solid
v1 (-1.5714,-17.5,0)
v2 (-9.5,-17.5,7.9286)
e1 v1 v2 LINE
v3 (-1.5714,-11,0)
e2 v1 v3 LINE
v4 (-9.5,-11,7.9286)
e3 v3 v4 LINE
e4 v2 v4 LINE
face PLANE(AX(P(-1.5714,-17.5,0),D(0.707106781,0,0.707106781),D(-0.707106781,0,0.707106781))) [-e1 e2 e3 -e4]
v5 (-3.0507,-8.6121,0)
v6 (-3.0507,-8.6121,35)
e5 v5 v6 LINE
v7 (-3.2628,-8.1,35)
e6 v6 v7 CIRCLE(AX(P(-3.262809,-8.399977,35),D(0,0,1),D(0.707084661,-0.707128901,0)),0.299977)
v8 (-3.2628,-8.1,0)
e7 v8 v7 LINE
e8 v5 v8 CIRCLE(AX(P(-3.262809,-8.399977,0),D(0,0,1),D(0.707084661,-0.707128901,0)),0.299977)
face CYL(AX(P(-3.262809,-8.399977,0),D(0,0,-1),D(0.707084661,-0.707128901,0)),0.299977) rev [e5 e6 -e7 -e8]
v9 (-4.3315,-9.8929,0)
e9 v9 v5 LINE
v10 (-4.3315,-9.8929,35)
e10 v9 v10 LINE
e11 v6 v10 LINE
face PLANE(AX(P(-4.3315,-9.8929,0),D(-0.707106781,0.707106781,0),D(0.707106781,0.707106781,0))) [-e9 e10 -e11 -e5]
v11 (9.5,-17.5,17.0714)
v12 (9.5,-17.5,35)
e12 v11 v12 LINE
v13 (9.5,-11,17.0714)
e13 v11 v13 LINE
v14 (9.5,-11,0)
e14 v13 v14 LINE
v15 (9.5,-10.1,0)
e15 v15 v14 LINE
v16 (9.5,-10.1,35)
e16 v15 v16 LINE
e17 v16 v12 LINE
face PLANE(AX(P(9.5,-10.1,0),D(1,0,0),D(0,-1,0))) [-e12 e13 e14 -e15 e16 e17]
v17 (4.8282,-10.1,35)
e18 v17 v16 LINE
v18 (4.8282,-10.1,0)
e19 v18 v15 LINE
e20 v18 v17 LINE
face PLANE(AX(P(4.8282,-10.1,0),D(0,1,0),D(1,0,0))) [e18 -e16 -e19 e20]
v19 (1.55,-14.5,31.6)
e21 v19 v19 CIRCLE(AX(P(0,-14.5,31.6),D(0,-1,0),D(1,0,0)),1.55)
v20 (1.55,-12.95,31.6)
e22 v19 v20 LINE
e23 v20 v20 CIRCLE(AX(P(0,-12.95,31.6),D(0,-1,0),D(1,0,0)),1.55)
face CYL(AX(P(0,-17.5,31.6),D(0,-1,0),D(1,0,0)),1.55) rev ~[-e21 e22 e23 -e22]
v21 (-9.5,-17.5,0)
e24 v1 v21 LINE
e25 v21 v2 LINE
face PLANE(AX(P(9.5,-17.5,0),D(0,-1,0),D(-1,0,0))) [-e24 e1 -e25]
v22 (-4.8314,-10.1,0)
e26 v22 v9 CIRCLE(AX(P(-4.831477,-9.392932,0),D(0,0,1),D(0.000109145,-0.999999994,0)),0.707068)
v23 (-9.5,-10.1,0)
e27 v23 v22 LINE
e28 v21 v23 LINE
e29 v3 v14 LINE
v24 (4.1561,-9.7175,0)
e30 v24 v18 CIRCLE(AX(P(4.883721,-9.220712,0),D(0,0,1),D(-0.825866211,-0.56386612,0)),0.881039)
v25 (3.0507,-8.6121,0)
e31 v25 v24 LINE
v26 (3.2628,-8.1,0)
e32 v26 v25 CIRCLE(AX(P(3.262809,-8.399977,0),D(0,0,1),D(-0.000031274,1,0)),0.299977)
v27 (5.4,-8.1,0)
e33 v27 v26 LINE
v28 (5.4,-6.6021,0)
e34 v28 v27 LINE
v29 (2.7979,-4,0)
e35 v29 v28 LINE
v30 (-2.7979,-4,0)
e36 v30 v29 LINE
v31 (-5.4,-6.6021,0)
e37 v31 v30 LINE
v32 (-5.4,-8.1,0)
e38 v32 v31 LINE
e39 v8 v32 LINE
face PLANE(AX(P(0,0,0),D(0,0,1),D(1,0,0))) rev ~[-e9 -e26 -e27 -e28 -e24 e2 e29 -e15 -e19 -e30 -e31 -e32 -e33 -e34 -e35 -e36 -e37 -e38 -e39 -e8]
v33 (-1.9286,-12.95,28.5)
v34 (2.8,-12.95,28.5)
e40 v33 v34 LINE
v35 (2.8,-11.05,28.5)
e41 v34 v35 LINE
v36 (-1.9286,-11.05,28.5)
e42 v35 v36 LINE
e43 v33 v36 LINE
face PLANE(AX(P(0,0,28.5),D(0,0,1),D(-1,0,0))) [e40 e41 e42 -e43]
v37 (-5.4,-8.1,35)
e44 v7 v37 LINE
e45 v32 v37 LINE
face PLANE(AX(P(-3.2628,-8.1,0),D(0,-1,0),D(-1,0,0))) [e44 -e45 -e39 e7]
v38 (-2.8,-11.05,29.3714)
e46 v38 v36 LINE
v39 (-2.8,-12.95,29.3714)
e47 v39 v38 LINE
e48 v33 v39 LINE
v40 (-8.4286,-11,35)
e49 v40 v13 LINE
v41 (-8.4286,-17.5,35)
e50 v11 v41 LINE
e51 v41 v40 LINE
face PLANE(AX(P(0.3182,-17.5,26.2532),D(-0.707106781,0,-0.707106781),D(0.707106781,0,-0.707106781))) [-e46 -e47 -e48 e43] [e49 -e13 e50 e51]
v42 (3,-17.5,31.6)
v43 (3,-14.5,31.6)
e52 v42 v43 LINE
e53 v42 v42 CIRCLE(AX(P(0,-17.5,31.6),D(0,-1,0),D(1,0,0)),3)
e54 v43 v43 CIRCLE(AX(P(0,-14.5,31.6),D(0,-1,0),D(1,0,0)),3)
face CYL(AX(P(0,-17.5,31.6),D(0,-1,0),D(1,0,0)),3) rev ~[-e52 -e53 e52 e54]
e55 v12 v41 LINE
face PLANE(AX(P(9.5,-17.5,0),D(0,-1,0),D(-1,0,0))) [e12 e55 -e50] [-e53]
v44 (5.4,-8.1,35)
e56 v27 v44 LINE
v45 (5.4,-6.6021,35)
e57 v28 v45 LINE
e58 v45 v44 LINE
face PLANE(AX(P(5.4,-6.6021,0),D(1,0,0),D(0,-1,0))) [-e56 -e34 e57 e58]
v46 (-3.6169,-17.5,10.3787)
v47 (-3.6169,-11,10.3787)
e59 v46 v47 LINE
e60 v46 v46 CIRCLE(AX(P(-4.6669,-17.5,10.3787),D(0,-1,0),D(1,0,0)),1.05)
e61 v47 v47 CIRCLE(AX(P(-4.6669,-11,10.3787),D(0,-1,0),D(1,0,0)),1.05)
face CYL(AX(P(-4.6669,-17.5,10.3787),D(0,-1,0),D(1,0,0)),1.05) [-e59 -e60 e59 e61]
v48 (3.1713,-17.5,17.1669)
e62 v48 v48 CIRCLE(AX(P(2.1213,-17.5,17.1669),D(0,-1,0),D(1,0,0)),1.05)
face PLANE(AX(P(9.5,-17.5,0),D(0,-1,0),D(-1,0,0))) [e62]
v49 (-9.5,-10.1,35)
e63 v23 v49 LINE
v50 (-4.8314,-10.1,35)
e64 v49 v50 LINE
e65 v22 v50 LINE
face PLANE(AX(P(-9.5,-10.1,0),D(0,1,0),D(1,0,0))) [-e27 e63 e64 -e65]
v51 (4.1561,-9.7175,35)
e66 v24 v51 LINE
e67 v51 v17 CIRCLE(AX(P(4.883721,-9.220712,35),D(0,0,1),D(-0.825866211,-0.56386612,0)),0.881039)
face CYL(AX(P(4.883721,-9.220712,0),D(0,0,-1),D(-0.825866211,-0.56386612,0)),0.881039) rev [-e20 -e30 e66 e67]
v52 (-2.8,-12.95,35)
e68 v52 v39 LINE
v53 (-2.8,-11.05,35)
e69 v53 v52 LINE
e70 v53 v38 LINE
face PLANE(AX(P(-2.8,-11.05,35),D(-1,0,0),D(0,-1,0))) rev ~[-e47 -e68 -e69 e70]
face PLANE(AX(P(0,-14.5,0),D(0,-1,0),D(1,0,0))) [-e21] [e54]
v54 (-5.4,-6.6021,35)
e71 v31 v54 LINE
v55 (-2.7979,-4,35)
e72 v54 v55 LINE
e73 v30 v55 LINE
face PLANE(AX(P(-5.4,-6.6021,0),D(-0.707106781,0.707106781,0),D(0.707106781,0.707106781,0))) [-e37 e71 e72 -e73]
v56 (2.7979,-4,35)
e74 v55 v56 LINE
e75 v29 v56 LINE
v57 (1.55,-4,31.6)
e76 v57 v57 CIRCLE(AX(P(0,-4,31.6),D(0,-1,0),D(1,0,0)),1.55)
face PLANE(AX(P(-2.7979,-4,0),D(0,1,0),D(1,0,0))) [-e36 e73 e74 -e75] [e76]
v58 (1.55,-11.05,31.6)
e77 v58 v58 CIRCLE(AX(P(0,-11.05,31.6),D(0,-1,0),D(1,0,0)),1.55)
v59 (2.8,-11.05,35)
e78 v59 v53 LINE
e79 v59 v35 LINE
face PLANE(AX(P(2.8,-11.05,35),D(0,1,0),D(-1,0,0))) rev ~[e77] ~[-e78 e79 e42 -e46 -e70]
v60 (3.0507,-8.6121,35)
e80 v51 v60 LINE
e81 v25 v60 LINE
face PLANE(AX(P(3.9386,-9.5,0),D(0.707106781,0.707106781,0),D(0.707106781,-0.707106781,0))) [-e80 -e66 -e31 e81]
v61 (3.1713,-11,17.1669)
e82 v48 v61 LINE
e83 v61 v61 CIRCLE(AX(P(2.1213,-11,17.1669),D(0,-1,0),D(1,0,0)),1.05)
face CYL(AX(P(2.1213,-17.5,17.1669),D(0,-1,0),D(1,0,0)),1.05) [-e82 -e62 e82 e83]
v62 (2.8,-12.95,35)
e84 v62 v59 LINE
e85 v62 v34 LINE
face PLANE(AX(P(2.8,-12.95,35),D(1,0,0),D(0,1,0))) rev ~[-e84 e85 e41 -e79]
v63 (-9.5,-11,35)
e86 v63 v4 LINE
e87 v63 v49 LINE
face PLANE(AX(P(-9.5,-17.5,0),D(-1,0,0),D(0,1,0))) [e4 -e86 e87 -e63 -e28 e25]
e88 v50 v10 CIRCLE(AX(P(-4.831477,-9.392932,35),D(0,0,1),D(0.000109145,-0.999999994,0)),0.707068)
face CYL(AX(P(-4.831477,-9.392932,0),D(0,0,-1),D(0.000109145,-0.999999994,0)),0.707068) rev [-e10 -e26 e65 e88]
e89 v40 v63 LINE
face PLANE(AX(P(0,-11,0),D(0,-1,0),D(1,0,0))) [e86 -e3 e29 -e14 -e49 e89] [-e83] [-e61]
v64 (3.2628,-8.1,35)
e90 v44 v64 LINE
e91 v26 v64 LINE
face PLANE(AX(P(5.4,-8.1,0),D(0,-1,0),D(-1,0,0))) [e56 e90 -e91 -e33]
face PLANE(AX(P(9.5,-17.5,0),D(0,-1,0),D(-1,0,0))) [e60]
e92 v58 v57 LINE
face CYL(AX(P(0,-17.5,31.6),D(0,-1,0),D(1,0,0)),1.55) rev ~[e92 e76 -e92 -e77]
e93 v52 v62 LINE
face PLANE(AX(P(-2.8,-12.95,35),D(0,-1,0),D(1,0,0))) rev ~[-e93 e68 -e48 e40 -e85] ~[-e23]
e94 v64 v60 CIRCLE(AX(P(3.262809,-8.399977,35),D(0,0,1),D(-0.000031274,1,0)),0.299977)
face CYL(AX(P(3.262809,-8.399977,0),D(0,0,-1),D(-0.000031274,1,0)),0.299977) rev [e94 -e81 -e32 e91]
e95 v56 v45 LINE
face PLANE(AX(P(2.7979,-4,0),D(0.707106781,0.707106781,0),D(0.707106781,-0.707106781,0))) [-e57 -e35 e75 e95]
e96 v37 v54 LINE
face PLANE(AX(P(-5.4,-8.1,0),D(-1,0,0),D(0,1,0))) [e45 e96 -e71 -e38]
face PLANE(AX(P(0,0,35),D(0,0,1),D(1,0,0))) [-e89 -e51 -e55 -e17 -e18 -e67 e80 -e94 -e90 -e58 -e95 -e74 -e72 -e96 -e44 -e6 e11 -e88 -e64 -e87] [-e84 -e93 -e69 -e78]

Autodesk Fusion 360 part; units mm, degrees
sketch "Sketch1" plane through (0, 0, 0) normal (0, 0, 1) x (1, 0, 0)
  line L0 (10, 4.8314) -> (10, 9.5)
  line L1 (-4.4022, -9.8222) -> (-3.1214, -8.5414)
  arc A0 (3.2628, -8.2) -> (3.1214, -8.5414) centre (3.2628, -8.4) ccw
  line L2 (-5.5, 6.5607) -> (-5.5, 8.2)
  line L3 (-5.5, -6.5607) -> (-2.8393, -3.9)
  line L4 (-4.8314, 10) -> (-9.5, 10)
  line L5 (2.8393, 3.9) -> (-2.8393, 3.9)
  arc A1 (-10, -9.5) -> (-9.5, -10) centre (-9.5, -9.5) ccw
  line L6 (9.5, 10) -> (4.8314, 10)
  arc A2 (-3.2628, 8.2) -> (-3.1214, 8.5414) centre (-3.2628, 8.4) ccw
  line L7 (-8.2, 3.2628) -> (-8.2, 5.5)
  line L8 (2.8393, -3.9) -> (5.5, -6.5607)
  line L9 (-10, 9.5) -> (-10, 4.9)
  arc A3 (9.5, -10) -> (10, -9.5) centre (9.5, -9.5) ccw
  line L10 (-6.5607, -5.5) -> (-8.2, -5.5)
  line L11 (3.1214, -8.5414) -> (4.2336, -9.6536)
  line L12 (-8.2, -5.5) -> (-8.2, -3.2628)
  line L13 (-9.9987, -4.7917) -> (-10, -9.5)
  line L14 (10, -9.5) -> (10, -4.8314)
  line L15 (3.2628, 8.2) -> (5.5, 8.2)
  arc A4 (8.5414, -3.1214) -> (8.2, -3.2628) centre (8.4, -3.2628) ccw
  arc A5 (-3.1214, -8.5414) -> (-3.2628, -8.2) centre (-3.2628, -8.4) ccw
  line L16 (4.8314, -10) -> (9.5, -10)
  line L17 (-3.9, -2.8393) -> (-6.5607, -5.5)
  line L18 (-3.2628, -8.2) -> (-5.5, -8.2)
  line L19 (3.9, 2.8393) -> (6.5607, 5.5)
  line L20 (-3.1214, 8.5414) -> (-4.4312, 9.8494)
  line L21 (8.2, -5.5) -> (6.5607, -5.5)
  arc A6 (-10, 4.9) -> (-9.8494, 4.4312) centre (-9.3734, 4.8428) ccw
  line L22 (8.5414, 3.1214) -> (9.8222, 4.4022)
  circle A7 centre (0, 0) radius 2.1
  line L23 (3.9, -2.8393) -> (3.9, 2.8393)
  line L24 (6.5607, -5.5) -> (3.9, -2.8393)
  line L25 (5.5, -6.5607) -> (5.5, -8.2)
  line L26 (8.2, -3.2628) -> (8.2, -5.5)
  arc A8 (10, -4.8314) -> (9.8222, -4.4022) centre (9.3929, -4.8314) ccw
  line L27 (-5.5, -8.2) -> (-5.5, -6.5607)
  arc A9 (-4.8314, -10) -> (-4.4022, -9.8222) centre (-4.8314, -9.3929) ccw
  line L28 (5.5, -8.2) -> (3.2628, -8.2)
  line L29 (9.8222, -4.4022) -> (8.5414, -3.1214)
  arc A10 (-9.8222, -4.4022) -> (-9.9987, -4.7917) centre (-9.3929, -4.8314) ccw
  line L30 (-8.5414, -3.1214) -> (-9.8222, -4.4022)
  arc A11 (4.2336, -9.6536) -> (4.8314, -10) centre (4.8837, -9.2207) ccw
  arc A12 (-8.2, -3.2628) -> (-8.5414, -3.1214) centre (-8.4, -3.2628) ccw
  line L31 (-9.5, -10) -> (-4.8314, -10)
  line L32 (-2.8393, -3.9) -> (2.8393, -3.9)
  line L33 (-5.8557, 10) -> (6.4454, 10) construction
  arc A13 (10, 9.5) -> (9.5, 10) centre (9.5, 9.5) ccw
  arc A14 (3.1214, 8.5414) -> (3.2628, 8.2) centre (3.2628, 8.4) ccw
  line L34 (-5.5, 8.2) -> (-3.2628, 8.2)
  line L35 (-3.9, 2.8393) -> (-3.9, -2.8393)
  line L36 (4.4022, 9.8222) -> (3.1214, 8.5414)
  arc A15 (4.8314, 10) -> (4.4022, 9.8222) centre (4.8314, 9.3929) ccw
  line L37 (-9.8494, 4.4312) -> (-8.5414, 3.1214)
  line L38 (5.5, 8.2) -> (5.5, 6.5607)
  line L39 (6.5607, 5.5) -> (8.2, 5.5)
  arc A16 (-8.5414, 3.1214) -> (-8.2, 3.2628) centre (-8.4, 3.2628) ccw
  line L40 (8.2, 5.5) -> (8.2, 3.2628)
  arc A17 (-4.4312, 9.8494) -> (-4.8314, 10) centre (-4.8314, 9.3929) ccw
  line L41 (-8.2, 5.5) -> (-6.5607, 5.5)
  arc A18 (9.8222, 4.4022) -> (10, 4.8314) centre (9.3929, 4.8314) ccw
  arc A19 (-9.5, 10) -> (-10, 9.5) centre (-9.5, 9.5) ccw
  line L42 (-2.8393, 3.9) -> (-5.5, 6.5607)
  line L43 (-6.5607, 5.5) -> (-3.9, 2.8393)
  arc A20 (8.2, 3.2628) -> (8.5414, 3.1214) centre (8.4, 3.2628) ccw
  line L44 (5.5, 6.5607) -> (2.8393, 3.9)
  line L45 (5.4, -6.6021) -> (5.4, -8.1)
  line L46 (5.4, -8.1) -> (3.2628, -8.1)
  arc A21 (3.2628, -8.1) -> (3.0507, -8.6121) centre (3.2628, -8.4) ccw
  line L47 (3.0507, -8.6121) -> (4.1561, -9.7175)
  arc A22 (4.1561, -9.7175) -> (4.8282, -10.1) centre (4.8837, -9.2207) ccw
  line L48 (4.8282, -10.1) -> (9.5, -10.1)
  arc A23 (9.5, -10.1) -> (10.1, -9.5) centre (9.5, -9.5) ccw
  line L49 (10.1, -9.5) -> (10.1, -4.8314)
  arc A24 (10.1, -4.8314) -> (9.8929, -4.3315) centre (9.3929, -4.8314) ccw
  line L50 (9.8929, -4.3315) -> (8.6121, -3.0507)
  arc A25 (8.6121, -3.0507) -> (8.1, -3.2628) centre (8.4, -3.2628) ccw
  line L51 (8.1, -3.2628) -> (8.1, -5.4)
  line L52 (8.1, -5.4) -> (6.6021, -5.4)
  line L53 (6.6021, -5.4) -> (4, -2.7979)
  line L54 (4, -2.7979) -> (4, 2.7979)
  line L55 (4, 2.7979) -> (6.6021, 5.4)
  line L56 (6.6021, 5.4) -> (8.1, 5.4)
  line L57 (8.1, 5.4) -> (8.1, 3.2628)
  arc A26 (8.1, 3.2628) -> (8.6121, 3.0507) centre (8.4, 3.2628) ccw
  line L58 (8.6121, 3.0507) -> (9.8929, 4.3315)
  arc A27 (9.8929, 4.3315) -> (10.1, 4.8314) centre (9.3929, 4.8314) ccw
  line L59 (10.1, 4.8314) -> (10.1, 9.5)
  arc A28 (10.1, 9.5) -> (9.5, 10.1) centre (9.5, 9.5) ccw
  line L60 (9.5, 10.1) -> (4.8314, 10.1)
  arc A29 (4.8314, 10.1) -> (4.3315, 9.8929) centre (4.8314, 9.3929) ccw
  line L61 (4.3315, 9.8929) -> (3.0507, 8.6121)
  arc A30 (3.0507, 8.6121) -> (3.2628, 8.1) centre (3.2628, 8.4) ccw
  line L62 (3.2628, 8.1) -> (5.4, 8.1)
  line L63 (5.4, 8.1) -> (5.4, 6.6021)
  line L64 (5.4, 6.6021) -> (2.7979, 4)
  line L65 (2.7979, 4) -> (-2.7979, 4)
  line L66 (-2.7979, 4) -> (-5.4, 6.6021)
  line L67 (-5.4, 6.6021) -> (-5.4, 8.1)
  line L68 (-5.4, 8.1) -> (-3.2628, 8.1)
  arc A31 (-3.2628, 8.1) -> (-3.0509, 8.6124) centre (-3.2628, 8.4) ccw
  line L69 (-3.0509, 8.6124) -> (-4.3627, 9.9223)
  arc A32 (-4.3627, 9.9223) -> (-4.8314, 10.1) centre (-4.8314, 9.3929) ccw
  line L70 (-4.8314, 10.1) -> (-9.5, 10.1)
  arc A33 (-9.5, 10.1) -> (-10.1, 9.5) centre (-9.5, 9.5) ccw
  line L71 (-10.1, 9.5) -> (-10.1, 4.9044)
  arc A34 (-10.1, 4.9044) -> (-9.9226, 4.363) centre (-9.3734, 4.8428) ccw
  line L72 (-9.9226, 4.363) -> (-8.6124, 3.0509)
  arc A35 (-8.6124, 3.0509) -> (-8.1, 3.2628) centre (-8.4, 3.2628) ccw
  line L73 (-8.1, 3.2628) -> (-8.1, 5.4)
  line L74 (-8.1, 5.4) -> (-6.6021, 5.4)
  line L75 (-6.6021, 5.4) -> (-4, 2.7979)
  line L76 (-4, 2.7979) -> (-4, -2.7979)
  line L77 (-4, -2.7979) -> (-6.6021, -5.4)
  line L78 (-6.6021, -5.4) -> (-8.1, -5.4)
  line L79 (-8.1, -5.4) -> (-8.1, -3.2628)
  arc A36 (-8.1, -3.2628) -> (-8.6121, -3.0507) centre (-8.4, -3.2628) ccw
  line L80 (-8.6121, -3.0507) -> (-9.8929, -4.3315)
  arc A37 (-9.8929, -4.3315) -> (-10.0987, -4.7886) centre (-9.3929, -4.8314) ccw
  line L81 (-10.0987, -4.7886) -> (-10.1, -9.4997)
  arc A38 (-10.1, -9.4997) -> (-9.5, -10.1) centre (-9.5, -9.5) ccw
  line L82 (-9.5, -10.1) -> (-4.8314, -10.1)
  arc A39 (-4.8314, -10.1) -> (-4.3315, -9.8929) centre (-4.8314, -9.3929) ccw
  line L83 (-4.3315, -9.8929) -> (-3.0507, -8.6121)
  arc A40 (-3.0507, -8.6121) -> (-3.2628, -8.1) centre (-3.2628, -8.4) ccw
  line L84 (-3.2628, -8.1) -> (-5.4, -8.1)
  line L85 (-5.4, -8.1) -> (-5.4, -6.6021)
  line L86 (-5.4, -6.6021) -> (-2.7979, -4)
  line L87 (-2.7979, -4) -> (2.7979, -4)
  line L88 (2.7979, -4) -> (5.4, -6.6021)
  line L89 (-9.5, -9.5) -> (9.5, -9.5)
  line L90 (9.5, -9.5) -> (9.5, -17.5)
  line L91 (9.5, -17.5) -> (-9.5, -17.5)
  line L92 (-9.5, -17.5) -> (-9.5, -9.5)
  dimension "d1" = 0.1
  dimension "d2" = 8
extrude "Extrude1" add sketch "Sketch1" along normal blind 35 contours L47 A22 L48 L82 A39 L83 L89 L90 L91 L92 | L45 L46 A21 L47 L83 A40 L84 L85 L86 L87 L88 L89
sketch "Sketch2" plane through (0, -17.5, 0) normal (0, -1, 0) x (1, 0, 0)
  line L0 (-9.5, 0) -> (9.5, 0)
  line L1 (9.5, 0) -> (9.5, 35)
  line L2 (9.5, 35) -> (-9.5, 35)
  line L3 (-9.5, 35) -> (-9.5, 0)
  line L4 (13.7568, 12.4504) -> (-13.7568, 12.5496) construction
  line L5 (0.3182, 26.2532) -> (13.7532, 12.8182)
  line L6 (13.7532, 12.8182) -> (-0.3182, -1.2532)
  line L7 (-0.3182, -1.2532) -> (-13.7532, 12.1818)
  line L8 (-13.7532, 12.1818) -> (0.3182, 26.2532)
  line L9 (0.3182, 26.2532) -> (-0.3182, -1.2532) construction
  line L10 (13.7532, 12.8182) -> (-13.7532, 12.1818) construction
  line L11 (-13.7532, 12.1818) -> (-8.3085, 6.7371) construction
  line L12 (-8.3085, 6.7371) -> (5.7629, 20.8085) construction
  line L13 (-8.3085, 6.7371) -> (-4.6669, 10.3787) construction
  line L14 (-4.6669, 10.3787) -> (2.1213, 17.1669) construction
  line L15 (2.1213, 17.1669) -> (5.7629, 20.8085) construction
  line L16 (2.1213, 17.1669) -> (5.7629, 20.8085) construction
  circle A0 centre (2.1213, 17.1669) radius 1.05
  circle A1 centre (-4.6669, 10.3787) radius 1.05
  line L17 (0.3182, 26.2532) -> (-8.4286, 35)
  point P0 (0, 12.5)
  dimension "d15" = 19.9
  dimension "d16" = 7.7
  dimension "d17" = 5.15
  dimension "d18" = 9.6
  dimension "d19" = 5.15
  dimension "d20" = 2.1
  dimension "d21" = 2.1
extrude "Extrude2" cut sketch "Sketch2" against normal blind 6.5 contours L0 L1 L3 L5 L6 L7 L8 | L0 L1 L6 | L2 L3 L8 L17
sketch "Sketch3" plane through (0, -17.5, 0) normal (0, -1, 0) x (1, 0, 0)
  line L0 (-8.4286, 35) -> (9.5, 17.0714)
  line L1 (9.5, 17.0714) -> (9.5, 35)
  line L2 (9.5, 35) -> (-8.4286, 35)
  line L3 (9.5, 35) -> (0, 35) construction
  circle A0 centre (0, 31.6) radius 1.55
  circle A1 centre (0, 31.6) radius 3
  dimension "d22" = 3.1
  dimension "d23" = 6
extrude "Extrude3" cut sketch "Sketch3" against normal blind 20 contours A0
extrude "Extrude4" cut sketch "Sketch3" against normal blind 3 contours A1
sketch "Sketch4" plane through (0, 0, 35) normal (0, 0, 1) x (-1, 0, 0)
  line L0 (8.4286, 11) -> (8.4286, 17.5)
  line L1 (8.4286, 17.5) -> (-9.5, 17.5)
  line L2 (-9.5, 17.5) -> (-9.5, 10.1)
  line L3 (-9.5, 10.1) -> (-4.8282, 10.1)
  arc A0 (-4.1561, 9.7175) -> (-4.8282, 10.1) centre (-4.8837, 9.2207) ccw
  line L4 (-4.1561, 9.7175) -> (-3.0507, 8.6121)
  arc A1 (-3.2628, 8.1) -> (-3.0507, 8.6121) centre (-3.2628, 8.4) ccw
  line L5 (-3.2628, 8.1) -> (-5.4, 8.1)
  line L6 (-5.4, 8.1) -> (-5.4, 6.6021)
  line L7 (-5.4, 6.6021) -> (-2.7979, 4)
  line L8 (-2.7979, 4) -> (2.7979, 4)
  line L9 (2.7979, 4) -> (5.4, 6.6021)
  line L10 (5.4, 6.6021) -> (5.4, 8.1)
  line L11 (5.4, 8.1) -> (3.2628, 8.1)
  arc A2 (3.0507, 8.6121) -> (3.2628, 8.1) centre (3.2628, 8.4) ccw
  line L12 (3.0507, 8.6121) -> (4.3315, 9.8929)
  arc A3 (4.8314, 10.1) -> (4.3315, 9.8929) centre (4.8314, 9.3929) ccw
  line L13 (4.8314, 10.1) -> (9.5, 10.1)
  line L14 (9.5, 10.1) -> (9.5, 11)
  line L15 (9.5, 11) -> (8.4286, 11)
  line L16 (0, 4) -> (0, 17.5) construction
  line L17 (2.8, 12.95) -> (-2.8, 12.95)
  line L18 (-2.8, 12.95) -> (-2.8, 11.05)
  line L19 (-2.8, 11.05) -> (2.8, 11.05)
  line L20 (2.8, 11.05) -> (2.8, 12.95)
  line L21 (2.8, 12.95) -> (-2.8, 11.05) construction
  line L22 (-2.8, 12.95) -> (2.8, 11.05) construction
  point P0 (0, 12)
  point P1 (0, 17.5)
  dimension "d28" = 5.6
  dimension "d29" = 1.9
  dimension "d30" = 5.5
extrude "Extrude5" cut sketch "Sketch4" against normal blind 6.5 contours L17 L18 L19 L20
